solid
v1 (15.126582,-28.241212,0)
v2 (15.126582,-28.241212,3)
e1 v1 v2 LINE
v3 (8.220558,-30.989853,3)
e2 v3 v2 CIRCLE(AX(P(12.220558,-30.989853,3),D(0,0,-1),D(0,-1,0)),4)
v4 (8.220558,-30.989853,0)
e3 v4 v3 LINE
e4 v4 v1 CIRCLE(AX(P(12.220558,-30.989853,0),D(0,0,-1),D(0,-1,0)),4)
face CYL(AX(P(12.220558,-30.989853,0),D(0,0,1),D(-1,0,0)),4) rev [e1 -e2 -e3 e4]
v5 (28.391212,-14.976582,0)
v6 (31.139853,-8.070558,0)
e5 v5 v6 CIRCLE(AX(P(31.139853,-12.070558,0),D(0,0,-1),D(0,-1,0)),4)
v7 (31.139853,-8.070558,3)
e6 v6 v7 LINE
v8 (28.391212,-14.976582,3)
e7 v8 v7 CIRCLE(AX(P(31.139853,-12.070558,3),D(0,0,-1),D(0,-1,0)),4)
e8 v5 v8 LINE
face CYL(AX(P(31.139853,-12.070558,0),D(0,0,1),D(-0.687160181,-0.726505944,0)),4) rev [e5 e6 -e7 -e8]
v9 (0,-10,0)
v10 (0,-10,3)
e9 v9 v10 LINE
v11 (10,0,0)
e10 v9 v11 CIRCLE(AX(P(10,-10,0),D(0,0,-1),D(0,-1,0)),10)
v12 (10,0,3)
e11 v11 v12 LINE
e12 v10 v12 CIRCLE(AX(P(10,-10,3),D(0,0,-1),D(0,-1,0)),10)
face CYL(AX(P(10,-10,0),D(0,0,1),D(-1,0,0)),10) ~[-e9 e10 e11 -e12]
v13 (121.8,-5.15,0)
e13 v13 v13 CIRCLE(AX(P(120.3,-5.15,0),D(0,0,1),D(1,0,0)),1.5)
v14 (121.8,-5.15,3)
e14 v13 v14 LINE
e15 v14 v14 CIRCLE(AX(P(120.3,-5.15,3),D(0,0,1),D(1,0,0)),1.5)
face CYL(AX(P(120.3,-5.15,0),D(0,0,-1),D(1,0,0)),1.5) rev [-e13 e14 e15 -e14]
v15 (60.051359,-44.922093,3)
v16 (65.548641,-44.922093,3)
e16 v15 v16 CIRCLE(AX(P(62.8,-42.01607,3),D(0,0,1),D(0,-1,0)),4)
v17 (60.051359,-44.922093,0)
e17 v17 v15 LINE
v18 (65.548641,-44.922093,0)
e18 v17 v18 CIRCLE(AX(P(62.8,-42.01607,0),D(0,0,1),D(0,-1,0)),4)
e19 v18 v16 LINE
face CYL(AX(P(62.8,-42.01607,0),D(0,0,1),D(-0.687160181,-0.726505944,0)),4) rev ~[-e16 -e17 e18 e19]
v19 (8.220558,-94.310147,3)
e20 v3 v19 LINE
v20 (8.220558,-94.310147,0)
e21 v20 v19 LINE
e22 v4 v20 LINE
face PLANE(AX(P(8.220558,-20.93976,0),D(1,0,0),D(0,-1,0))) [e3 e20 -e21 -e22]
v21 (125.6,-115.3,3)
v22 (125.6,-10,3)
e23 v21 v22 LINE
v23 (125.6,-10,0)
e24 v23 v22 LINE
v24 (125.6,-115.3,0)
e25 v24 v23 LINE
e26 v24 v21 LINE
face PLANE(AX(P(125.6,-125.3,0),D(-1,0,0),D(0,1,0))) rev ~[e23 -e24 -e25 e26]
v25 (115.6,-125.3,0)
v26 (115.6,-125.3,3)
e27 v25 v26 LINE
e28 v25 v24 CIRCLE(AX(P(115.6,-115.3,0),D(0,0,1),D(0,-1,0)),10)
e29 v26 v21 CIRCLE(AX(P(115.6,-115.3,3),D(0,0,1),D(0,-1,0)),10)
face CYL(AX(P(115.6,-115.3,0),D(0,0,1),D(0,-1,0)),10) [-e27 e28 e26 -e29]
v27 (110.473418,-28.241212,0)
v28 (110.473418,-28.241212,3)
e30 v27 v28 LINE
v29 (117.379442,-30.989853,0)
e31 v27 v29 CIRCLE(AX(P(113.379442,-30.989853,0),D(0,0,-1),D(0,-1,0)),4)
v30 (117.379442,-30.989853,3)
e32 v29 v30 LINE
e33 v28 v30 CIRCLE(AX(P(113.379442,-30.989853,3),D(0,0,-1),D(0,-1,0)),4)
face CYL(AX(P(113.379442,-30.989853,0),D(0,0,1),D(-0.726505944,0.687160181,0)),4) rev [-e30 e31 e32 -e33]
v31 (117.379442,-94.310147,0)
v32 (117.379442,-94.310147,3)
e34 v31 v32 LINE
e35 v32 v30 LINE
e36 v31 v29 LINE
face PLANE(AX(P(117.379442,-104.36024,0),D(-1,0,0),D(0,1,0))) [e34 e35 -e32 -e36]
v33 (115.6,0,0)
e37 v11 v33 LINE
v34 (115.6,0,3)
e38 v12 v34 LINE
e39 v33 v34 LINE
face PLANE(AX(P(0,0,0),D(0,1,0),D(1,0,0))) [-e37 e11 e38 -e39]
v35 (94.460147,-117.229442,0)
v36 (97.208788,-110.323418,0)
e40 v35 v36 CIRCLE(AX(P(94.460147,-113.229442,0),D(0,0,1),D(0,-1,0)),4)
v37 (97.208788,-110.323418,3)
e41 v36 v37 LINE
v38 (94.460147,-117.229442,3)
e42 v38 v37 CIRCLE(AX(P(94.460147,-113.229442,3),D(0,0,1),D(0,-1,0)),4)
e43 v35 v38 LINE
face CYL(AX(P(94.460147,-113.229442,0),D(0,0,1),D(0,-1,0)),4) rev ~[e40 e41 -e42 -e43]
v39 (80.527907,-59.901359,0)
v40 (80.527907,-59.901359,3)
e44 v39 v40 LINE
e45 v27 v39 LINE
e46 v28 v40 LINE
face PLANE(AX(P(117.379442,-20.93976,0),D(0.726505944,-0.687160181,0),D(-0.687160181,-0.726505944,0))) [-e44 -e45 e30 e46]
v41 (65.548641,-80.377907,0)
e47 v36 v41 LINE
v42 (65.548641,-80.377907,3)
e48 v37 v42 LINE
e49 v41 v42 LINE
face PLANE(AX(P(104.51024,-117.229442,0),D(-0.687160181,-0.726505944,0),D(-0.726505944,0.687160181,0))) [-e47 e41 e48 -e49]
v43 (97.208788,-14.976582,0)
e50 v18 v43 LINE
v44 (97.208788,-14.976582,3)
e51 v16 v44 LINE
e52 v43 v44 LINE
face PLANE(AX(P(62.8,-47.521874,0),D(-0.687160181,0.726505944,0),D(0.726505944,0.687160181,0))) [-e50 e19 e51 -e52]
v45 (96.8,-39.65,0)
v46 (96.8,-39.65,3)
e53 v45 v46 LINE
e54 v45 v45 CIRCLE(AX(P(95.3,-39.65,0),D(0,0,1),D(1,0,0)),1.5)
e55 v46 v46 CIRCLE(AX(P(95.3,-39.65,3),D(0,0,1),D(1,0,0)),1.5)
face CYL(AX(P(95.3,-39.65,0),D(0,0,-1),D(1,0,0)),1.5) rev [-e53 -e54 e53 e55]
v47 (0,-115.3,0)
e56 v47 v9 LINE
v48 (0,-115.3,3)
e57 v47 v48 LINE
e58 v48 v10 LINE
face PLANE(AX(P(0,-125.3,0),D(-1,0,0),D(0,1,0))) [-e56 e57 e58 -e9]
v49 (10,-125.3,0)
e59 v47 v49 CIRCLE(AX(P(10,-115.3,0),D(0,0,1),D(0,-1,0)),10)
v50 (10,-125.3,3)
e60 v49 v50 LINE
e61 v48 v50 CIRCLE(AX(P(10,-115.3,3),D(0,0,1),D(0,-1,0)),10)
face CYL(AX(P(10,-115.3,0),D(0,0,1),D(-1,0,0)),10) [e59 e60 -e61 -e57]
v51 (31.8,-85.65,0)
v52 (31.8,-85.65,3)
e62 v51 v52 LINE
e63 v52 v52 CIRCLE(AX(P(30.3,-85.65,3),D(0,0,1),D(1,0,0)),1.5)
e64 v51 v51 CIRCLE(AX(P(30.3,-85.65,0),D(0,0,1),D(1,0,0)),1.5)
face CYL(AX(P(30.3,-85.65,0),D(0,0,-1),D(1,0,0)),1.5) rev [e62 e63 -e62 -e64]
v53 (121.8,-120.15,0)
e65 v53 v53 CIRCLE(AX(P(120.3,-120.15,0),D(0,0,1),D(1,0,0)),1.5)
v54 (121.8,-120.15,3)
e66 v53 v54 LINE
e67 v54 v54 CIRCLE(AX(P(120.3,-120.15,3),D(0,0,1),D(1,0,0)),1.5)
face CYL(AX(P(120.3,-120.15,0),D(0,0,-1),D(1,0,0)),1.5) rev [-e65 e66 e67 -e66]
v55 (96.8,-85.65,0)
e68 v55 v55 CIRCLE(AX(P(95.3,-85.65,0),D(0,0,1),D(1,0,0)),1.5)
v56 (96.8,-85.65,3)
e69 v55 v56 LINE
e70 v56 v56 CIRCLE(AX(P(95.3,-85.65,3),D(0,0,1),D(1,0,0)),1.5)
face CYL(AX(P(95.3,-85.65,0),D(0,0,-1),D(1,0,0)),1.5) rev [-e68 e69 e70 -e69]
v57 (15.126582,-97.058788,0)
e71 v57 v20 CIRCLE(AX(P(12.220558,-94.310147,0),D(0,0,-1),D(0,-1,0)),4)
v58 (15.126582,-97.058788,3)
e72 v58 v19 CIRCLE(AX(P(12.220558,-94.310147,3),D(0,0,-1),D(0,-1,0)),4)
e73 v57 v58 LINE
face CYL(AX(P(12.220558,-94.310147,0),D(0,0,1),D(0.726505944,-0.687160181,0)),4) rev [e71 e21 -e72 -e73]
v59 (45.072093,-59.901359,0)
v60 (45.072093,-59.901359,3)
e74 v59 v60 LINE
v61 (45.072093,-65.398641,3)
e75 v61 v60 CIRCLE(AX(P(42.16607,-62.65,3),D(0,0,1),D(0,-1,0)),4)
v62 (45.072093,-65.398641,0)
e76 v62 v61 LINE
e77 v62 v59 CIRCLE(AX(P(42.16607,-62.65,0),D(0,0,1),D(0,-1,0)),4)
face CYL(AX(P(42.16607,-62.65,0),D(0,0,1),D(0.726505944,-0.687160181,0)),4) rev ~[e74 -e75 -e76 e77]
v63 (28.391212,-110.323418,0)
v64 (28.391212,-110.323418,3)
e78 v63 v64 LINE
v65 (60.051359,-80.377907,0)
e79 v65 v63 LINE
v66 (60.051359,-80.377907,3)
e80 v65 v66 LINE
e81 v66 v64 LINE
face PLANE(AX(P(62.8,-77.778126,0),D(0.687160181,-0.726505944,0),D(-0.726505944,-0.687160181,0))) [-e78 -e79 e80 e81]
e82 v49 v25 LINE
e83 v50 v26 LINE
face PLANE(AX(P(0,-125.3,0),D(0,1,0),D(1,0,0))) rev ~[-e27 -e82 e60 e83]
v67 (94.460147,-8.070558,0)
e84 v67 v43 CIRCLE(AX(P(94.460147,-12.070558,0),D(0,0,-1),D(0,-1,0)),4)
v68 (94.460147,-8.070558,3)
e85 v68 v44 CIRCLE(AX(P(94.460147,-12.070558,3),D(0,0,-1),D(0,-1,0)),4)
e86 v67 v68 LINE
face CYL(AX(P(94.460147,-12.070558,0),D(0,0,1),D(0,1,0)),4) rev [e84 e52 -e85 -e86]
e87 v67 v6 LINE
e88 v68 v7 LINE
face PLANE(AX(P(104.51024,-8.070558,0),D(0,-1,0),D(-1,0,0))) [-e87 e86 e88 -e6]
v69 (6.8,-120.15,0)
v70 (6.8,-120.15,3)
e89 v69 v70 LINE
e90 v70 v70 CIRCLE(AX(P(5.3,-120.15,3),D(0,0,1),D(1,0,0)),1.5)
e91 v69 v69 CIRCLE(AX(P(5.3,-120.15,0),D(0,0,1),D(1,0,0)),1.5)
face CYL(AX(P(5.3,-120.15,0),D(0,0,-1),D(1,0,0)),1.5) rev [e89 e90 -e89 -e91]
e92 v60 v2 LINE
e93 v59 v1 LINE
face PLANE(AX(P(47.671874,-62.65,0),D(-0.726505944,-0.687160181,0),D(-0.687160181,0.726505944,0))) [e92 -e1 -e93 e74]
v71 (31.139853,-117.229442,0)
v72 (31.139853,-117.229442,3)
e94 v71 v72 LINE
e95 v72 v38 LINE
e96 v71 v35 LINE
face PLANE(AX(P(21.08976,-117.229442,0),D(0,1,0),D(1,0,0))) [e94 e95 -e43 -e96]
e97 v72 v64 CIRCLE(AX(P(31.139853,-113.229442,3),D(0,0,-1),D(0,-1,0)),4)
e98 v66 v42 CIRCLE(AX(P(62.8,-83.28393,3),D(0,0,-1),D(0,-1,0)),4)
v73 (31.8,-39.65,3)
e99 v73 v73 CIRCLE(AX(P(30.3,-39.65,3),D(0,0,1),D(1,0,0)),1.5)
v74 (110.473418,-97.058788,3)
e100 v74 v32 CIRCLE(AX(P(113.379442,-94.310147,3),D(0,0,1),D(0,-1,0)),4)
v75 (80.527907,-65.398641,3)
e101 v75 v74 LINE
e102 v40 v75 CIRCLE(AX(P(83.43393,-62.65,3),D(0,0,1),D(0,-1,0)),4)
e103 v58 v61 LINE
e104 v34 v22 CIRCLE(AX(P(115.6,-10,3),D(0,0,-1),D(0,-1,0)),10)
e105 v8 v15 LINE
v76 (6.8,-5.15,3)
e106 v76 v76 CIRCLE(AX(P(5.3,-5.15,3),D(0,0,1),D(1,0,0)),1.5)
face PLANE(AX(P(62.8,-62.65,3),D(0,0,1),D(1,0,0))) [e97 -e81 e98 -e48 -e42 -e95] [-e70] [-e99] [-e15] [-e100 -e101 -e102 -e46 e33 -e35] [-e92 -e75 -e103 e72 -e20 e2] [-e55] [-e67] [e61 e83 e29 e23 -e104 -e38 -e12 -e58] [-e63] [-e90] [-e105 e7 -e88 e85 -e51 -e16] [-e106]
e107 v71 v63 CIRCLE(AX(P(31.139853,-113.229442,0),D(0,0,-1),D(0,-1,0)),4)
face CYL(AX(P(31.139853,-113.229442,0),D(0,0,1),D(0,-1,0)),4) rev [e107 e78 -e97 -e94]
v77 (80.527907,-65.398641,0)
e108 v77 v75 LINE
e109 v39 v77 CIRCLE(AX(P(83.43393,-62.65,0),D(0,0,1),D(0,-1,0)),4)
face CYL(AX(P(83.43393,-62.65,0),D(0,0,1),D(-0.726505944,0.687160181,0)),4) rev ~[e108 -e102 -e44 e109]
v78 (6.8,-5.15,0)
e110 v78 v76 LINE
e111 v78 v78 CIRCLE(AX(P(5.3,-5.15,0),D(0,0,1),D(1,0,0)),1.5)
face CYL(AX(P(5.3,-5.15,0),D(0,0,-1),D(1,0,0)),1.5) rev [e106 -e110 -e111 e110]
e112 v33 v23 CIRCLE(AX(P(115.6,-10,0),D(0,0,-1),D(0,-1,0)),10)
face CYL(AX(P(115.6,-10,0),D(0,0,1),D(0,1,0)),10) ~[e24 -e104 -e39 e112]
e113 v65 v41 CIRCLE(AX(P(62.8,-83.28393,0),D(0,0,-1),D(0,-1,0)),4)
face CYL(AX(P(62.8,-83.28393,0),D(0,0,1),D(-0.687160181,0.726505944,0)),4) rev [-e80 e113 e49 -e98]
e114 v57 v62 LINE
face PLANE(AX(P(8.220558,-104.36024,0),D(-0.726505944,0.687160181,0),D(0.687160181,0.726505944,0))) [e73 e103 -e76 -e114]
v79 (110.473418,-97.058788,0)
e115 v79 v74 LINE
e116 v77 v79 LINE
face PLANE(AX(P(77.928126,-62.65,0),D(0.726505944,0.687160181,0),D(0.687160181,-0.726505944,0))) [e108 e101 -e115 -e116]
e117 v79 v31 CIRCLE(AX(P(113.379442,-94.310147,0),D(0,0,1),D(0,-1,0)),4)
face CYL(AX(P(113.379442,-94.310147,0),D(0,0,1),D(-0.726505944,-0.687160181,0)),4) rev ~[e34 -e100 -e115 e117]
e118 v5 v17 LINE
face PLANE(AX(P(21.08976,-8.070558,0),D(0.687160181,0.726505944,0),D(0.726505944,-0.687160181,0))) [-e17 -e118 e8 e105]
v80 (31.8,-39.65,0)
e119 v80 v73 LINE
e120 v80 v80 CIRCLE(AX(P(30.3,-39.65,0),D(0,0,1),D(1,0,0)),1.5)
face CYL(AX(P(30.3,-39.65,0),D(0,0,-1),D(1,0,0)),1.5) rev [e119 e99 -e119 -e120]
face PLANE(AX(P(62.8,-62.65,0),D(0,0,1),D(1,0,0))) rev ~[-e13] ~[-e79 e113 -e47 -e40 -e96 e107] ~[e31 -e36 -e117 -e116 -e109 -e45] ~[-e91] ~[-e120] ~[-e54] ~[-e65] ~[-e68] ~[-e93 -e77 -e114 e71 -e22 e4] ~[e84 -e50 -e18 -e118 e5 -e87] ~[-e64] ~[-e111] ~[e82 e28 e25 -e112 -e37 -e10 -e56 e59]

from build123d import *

# Parameters (mm, degrees)
SKETCH_1_W      = 125.6
SKETCH_1_H      = 125.3
SKETCH_1_R      = 1.5
EXTRUDE_1_DEPTH = 3
FILLET_1_R      = 10
FILLET_2_R      = 4


with BuildPart() as part:
    # 草图1 → 凸台-拉伸1 (new body)
    with BuildSketch(Plane.XY):
        with Locations((62.8, -62.65)):
            Rectangle(SKETCH_1_W, SKETCH_1_H)
        with Locations((30.3, -39.65)):
            Circle(SKETCH_1_R, mode=Mode.SUBTRACT)
        with Locations((95.3, -39.65)):
            Circle(SKETCH_1_R, mode=Mode.SUBTRACT)
        with Locations((95.3, -85.65)):
            Circle(SKETCH_1_R, mode=Mode.SUBTRACT)
        with Locations((30.3, -85.65)):
            Circle(SKETCH_1_R, mode=Mode.SUBTRACT)
        with Locations((120.3, -120.15)):
            Circle(SKETCH_1_R, mode=Mode.SUBTRACT)
        with Locations((5.3, -120.15)):
            Circle(SKETCH_1_R, mode=Mode.SUBTRACT)
        with Locations((5.3, -5.15)):
            Circle(SKETCH_1_R, mode=Mode.SUBTRACT)
        with Locations((120.3, -5.15)):
            Circle(SKETCH_1_R, mode=Mode.SUBTRACT)
        Polygon((21.089760081, -117.229442096), (104.510239919, -117.229442096), (62.8, -77.778125501), align=None, mode=Mode.SUBTRACT)
        Polygon((8.220557904, -104.360239919), (47.671874499, -62.65), (8.220557904, -20.939760081), align=None, mode=Mode.SUBTRACT)
        Polygon((21.089760081, -8.070557904), (62.8, -47.521874499), (104.510239919, -8.070557904), align=None, mode=Mode.SUBTRACT)
        Polygon((117.379442096, -20.939760081), (77.928125501, -62.65), (117.379442096, -104.360239919), align=None, mode=Mode.SUBTRACT)
    extrude(amount=EXTRUDE_1_DEPTH)

    # 圆角1
    fillet_1_edges = [part.edges().sort_by_distance(p)[0] for p in [
        (0, 0, 1.5),
        (125.6, 0, 1.5),
        (125.6, -125.3, 1.5),
        (0, -125.3, 1.5),
    ]]
    fillet(fillet_1_edges, radius=FILLET_1_R)

    # 圆角2
    fillet_2_edges = [part.edges().sort_by_distance(p)[0] for p in [
        (62.8, -77.778125501, 1.5),
        (21.089760081, -117.229442096, 1.5),
        (104.510239919, -117.229442096, 1.5),
        (47.671874499, -62.65, 1.5),
        (8.220557904, -20.939760081, 1.5),
        (8.220557904, -104.360239919, 1.5),
        (62.8, -47.521874499, 1.5),
        (104.510239919, -8.070557904, 1.5),
        (21.089760081, -8.070557904, 1.5),
        (77.928125501, -62.65, 1.5),
        (117.379442096, -104.360239919, 1.5),
        (117.379442096, -20.939760081, 1.5),
    ]]
    fillet(fillet_2_edges, radius=FILLET_2_R)


solid = part.part
